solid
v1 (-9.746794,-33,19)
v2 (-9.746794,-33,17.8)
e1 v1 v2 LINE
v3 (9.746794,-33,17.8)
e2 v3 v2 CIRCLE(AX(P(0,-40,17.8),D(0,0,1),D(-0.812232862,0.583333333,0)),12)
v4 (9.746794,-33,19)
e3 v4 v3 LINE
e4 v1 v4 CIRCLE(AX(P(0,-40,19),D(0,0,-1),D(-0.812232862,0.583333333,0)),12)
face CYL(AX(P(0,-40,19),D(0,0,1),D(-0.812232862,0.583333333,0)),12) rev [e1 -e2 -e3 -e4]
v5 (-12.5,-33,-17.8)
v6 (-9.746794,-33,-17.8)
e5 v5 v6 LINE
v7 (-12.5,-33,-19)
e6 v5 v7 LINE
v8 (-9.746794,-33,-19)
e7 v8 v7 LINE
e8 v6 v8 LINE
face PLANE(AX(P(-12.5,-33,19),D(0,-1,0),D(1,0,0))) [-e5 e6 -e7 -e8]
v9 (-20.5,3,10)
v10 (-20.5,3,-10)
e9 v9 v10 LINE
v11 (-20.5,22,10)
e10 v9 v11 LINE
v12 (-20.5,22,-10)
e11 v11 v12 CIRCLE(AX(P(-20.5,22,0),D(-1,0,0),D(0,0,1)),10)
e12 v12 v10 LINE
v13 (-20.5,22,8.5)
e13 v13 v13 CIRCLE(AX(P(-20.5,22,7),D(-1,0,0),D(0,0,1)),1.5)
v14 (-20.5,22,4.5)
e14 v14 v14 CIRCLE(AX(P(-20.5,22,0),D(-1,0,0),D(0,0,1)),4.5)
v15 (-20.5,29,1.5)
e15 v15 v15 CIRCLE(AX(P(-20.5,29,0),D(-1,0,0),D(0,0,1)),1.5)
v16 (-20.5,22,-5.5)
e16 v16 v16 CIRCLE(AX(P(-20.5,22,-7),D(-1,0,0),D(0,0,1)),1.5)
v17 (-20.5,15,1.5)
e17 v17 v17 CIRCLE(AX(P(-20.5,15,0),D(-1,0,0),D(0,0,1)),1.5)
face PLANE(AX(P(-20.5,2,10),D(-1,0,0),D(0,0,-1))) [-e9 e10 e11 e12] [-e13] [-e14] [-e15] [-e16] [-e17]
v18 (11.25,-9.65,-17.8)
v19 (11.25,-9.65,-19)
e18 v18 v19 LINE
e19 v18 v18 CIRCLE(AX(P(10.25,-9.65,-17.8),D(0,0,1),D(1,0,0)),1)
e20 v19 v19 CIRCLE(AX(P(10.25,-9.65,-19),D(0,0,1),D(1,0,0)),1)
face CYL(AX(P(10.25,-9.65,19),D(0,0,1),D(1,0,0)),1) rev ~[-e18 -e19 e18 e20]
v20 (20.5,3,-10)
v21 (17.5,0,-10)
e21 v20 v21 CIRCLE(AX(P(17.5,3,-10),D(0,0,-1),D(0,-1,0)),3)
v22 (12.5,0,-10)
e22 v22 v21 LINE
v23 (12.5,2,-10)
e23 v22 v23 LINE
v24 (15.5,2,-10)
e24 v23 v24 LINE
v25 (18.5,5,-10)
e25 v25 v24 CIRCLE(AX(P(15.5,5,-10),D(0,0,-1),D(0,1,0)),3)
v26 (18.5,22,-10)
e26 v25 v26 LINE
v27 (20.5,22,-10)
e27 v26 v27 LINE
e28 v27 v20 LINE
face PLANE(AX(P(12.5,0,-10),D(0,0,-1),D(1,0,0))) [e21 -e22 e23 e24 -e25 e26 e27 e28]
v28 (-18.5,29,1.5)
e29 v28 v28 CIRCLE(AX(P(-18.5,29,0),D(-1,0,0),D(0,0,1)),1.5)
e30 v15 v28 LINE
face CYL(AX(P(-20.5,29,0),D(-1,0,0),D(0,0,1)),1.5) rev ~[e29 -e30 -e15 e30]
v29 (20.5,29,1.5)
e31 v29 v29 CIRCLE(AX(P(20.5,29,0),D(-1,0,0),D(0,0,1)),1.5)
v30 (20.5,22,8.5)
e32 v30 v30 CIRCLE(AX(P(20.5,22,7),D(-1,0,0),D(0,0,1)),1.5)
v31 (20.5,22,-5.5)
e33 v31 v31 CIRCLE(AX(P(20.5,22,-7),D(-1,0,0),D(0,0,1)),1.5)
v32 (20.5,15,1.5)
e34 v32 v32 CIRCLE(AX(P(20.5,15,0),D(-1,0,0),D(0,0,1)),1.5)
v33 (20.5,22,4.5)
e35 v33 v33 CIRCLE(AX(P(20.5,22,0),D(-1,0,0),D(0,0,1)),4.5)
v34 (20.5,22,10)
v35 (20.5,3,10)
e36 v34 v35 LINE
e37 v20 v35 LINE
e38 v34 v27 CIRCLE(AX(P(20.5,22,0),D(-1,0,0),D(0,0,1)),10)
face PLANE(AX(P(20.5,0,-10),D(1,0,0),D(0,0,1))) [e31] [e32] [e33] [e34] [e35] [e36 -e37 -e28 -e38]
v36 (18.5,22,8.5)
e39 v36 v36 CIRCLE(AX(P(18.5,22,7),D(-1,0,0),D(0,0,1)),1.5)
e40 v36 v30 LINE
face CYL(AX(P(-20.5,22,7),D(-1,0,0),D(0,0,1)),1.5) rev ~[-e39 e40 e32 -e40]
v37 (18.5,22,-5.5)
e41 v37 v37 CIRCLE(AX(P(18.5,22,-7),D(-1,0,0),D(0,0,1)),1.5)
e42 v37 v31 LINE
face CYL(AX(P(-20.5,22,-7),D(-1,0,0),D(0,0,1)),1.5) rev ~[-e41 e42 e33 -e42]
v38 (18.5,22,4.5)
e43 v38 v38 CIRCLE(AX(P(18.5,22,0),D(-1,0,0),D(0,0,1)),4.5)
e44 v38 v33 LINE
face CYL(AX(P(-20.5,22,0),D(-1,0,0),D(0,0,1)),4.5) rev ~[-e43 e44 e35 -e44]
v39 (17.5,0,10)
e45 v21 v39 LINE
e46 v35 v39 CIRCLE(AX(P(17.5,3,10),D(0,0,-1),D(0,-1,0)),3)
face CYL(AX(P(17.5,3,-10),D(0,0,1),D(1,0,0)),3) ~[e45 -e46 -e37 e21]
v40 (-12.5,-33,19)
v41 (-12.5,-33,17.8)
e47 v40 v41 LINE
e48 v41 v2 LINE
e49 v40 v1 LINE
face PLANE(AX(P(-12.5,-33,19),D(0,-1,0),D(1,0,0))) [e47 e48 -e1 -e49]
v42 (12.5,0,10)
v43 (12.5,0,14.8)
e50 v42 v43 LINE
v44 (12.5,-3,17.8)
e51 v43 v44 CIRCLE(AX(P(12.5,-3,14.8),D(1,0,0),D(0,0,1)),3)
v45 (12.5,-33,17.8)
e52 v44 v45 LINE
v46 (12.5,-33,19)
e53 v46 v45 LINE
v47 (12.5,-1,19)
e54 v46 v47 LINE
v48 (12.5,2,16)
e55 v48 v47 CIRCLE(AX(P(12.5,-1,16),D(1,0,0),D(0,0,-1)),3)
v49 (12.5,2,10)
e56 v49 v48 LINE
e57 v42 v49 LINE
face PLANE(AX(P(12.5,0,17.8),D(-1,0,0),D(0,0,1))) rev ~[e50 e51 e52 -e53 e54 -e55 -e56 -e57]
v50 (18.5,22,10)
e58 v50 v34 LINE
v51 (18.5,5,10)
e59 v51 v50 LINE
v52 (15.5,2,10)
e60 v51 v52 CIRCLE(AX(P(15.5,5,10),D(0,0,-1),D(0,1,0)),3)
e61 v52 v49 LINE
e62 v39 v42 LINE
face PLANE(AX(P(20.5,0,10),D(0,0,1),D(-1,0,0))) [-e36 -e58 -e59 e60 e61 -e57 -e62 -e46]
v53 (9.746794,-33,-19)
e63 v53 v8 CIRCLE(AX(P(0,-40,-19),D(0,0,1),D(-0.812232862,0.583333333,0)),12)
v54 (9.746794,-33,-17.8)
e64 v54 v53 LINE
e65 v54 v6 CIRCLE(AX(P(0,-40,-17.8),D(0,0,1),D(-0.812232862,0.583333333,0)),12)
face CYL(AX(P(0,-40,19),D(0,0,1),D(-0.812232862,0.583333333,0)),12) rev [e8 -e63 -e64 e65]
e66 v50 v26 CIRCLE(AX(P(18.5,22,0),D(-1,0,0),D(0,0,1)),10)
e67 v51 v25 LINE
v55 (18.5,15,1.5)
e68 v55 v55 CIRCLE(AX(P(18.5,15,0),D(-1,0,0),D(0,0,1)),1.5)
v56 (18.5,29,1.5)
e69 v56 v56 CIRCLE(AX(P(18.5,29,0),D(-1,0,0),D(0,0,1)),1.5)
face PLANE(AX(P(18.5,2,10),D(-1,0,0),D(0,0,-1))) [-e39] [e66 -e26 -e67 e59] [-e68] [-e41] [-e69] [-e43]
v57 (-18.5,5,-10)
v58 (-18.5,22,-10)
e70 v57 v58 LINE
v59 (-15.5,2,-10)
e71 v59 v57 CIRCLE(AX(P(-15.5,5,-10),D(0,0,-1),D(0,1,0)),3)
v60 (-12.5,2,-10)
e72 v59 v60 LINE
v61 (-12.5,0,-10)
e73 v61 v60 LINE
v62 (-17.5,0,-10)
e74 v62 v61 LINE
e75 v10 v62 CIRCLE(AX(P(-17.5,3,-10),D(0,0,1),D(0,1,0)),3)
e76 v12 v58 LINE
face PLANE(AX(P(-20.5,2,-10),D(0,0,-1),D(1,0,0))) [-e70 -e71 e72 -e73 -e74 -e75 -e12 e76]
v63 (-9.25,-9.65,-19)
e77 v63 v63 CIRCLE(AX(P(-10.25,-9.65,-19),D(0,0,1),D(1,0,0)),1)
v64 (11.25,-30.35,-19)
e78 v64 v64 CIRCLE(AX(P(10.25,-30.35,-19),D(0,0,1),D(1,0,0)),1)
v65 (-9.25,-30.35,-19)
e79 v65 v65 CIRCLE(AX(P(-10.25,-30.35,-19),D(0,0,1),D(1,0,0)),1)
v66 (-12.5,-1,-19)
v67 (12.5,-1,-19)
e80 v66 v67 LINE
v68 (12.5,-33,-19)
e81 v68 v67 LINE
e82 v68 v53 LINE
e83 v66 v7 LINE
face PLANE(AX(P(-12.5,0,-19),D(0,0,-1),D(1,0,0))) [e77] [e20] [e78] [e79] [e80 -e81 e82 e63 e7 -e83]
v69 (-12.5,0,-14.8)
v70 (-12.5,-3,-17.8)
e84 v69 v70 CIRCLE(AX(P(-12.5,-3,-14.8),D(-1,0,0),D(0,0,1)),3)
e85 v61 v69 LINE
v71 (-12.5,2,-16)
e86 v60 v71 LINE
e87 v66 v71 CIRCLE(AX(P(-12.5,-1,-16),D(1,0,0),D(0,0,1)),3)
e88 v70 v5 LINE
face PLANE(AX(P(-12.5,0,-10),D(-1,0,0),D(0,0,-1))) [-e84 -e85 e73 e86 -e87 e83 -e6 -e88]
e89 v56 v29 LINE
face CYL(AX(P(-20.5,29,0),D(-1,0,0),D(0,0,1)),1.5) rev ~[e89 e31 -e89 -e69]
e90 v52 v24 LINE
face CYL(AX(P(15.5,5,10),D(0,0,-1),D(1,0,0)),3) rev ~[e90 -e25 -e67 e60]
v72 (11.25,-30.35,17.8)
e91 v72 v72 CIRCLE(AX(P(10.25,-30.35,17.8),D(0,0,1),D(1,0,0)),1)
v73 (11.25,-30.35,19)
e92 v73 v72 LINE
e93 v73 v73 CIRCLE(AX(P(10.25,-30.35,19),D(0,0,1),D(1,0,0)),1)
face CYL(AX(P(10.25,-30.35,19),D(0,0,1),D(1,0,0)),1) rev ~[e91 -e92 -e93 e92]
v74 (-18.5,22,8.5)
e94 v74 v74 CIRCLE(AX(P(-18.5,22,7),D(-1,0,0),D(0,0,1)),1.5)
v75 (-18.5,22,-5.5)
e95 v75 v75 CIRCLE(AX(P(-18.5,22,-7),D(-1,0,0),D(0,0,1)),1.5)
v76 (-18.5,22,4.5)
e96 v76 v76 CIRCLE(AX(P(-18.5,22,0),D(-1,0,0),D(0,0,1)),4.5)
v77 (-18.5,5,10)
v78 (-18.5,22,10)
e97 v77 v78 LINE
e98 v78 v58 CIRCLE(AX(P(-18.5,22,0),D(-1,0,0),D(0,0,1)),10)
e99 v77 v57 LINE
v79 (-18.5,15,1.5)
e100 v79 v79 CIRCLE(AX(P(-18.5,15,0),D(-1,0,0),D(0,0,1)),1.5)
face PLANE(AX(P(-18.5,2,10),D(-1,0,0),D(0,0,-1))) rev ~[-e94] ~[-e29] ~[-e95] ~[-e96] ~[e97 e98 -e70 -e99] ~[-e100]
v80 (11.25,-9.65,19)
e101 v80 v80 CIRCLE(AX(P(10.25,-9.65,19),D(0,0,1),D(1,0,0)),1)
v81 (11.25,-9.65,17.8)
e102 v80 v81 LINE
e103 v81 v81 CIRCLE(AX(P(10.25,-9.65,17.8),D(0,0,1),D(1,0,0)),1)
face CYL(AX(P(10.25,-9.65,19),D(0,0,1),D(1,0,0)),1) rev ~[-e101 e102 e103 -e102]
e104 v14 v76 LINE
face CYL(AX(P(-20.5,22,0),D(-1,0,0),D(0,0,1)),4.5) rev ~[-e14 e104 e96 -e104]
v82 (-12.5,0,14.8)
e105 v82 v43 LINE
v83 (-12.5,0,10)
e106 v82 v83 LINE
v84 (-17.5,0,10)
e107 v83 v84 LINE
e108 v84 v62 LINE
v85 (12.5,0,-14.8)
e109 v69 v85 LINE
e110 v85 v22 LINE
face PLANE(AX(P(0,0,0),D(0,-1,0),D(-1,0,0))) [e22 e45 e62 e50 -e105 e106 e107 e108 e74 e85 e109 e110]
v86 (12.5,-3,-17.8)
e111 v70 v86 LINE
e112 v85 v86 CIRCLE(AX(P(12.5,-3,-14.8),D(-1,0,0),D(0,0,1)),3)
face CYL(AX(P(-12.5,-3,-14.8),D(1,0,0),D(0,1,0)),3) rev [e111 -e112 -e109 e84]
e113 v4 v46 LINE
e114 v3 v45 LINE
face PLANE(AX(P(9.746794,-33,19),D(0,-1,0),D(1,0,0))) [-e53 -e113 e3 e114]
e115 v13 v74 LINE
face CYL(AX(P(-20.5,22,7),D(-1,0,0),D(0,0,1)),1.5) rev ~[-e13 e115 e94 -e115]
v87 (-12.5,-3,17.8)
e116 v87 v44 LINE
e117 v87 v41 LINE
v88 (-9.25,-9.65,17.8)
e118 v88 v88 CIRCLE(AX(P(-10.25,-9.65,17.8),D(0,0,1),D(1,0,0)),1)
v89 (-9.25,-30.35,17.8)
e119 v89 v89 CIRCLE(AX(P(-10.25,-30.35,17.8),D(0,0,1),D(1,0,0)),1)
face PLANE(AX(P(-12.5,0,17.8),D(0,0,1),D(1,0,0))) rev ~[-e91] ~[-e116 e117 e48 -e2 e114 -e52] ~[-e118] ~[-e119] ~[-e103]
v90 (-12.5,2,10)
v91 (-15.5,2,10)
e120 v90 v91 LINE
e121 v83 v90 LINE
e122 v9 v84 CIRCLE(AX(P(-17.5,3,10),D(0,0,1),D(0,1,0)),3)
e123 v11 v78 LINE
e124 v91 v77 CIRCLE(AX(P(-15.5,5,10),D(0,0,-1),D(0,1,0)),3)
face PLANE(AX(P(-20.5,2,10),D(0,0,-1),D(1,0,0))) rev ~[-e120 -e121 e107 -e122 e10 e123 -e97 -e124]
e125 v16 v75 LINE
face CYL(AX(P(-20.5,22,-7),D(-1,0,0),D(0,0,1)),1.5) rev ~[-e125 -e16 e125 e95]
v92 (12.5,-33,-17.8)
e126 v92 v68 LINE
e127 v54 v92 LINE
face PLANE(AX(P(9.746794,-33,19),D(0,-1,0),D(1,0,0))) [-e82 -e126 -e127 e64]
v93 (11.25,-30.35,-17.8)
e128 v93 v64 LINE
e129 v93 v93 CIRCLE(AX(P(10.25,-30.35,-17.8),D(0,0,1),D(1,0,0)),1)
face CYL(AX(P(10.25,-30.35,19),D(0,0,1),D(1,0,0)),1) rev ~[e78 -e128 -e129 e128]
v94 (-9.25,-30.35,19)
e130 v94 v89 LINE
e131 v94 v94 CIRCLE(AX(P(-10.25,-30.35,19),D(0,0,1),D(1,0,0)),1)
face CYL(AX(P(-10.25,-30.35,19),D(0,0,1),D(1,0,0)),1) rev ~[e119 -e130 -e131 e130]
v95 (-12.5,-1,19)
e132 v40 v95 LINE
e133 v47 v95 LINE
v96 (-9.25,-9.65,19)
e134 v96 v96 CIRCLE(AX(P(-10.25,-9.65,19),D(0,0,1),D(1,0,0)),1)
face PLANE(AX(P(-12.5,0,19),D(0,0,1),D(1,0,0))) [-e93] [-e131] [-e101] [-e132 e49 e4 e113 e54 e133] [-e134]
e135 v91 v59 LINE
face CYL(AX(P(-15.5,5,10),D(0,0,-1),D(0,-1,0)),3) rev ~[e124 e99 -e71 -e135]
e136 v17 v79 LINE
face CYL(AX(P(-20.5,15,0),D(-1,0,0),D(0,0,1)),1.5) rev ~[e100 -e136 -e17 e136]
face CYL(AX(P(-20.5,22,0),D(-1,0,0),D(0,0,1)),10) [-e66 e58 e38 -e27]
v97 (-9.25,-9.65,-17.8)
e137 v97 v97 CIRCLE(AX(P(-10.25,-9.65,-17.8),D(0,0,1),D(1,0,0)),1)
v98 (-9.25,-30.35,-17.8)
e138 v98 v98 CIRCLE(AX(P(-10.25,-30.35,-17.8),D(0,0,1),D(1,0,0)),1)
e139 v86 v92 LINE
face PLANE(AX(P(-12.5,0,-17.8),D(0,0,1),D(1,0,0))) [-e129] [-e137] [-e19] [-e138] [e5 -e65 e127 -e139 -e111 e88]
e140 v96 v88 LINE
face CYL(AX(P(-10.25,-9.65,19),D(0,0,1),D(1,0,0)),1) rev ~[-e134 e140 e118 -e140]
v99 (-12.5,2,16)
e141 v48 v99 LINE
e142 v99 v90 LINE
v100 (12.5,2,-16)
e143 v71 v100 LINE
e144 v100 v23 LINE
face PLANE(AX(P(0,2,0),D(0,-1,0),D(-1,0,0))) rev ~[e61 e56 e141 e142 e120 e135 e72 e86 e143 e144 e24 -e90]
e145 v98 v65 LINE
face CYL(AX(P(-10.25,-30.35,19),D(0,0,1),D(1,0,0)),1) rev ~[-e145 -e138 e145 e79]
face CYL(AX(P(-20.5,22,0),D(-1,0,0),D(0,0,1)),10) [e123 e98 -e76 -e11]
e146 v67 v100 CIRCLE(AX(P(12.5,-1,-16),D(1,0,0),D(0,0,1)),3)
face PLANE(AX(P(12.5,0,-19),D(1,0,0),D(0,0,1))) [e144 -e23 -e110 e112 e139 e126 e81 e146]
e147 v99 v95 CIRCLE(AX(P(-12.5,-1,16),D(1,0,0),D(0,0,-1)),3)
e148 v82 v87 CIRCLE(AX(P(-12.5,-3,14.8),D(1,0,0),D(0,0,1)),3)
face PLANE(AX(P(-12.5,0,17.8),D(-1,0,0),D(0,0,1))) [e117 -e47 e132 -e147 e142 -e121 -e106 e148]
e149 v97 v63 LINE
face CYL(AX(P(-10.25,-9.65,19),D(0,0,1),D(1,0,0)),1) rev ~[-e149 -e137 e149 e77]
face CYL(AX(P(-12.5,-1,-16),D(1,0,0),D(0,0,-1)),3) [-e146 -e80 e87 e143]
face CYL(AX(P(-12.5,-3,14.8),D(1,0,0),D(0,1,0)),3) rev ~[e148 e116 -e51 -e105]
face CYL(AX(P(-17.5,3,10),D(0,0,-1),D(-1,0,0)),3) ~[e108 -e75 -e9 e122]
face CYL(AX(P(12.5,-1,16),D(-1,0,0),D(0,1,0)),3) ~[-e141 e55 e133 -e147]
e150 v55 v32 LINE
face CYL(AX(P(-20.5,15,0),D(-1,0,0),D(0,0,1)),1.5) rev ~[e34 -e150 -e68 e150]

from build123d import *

# Parameters (mm, degrees)
EXTRUDE_1_DEPTH     = 2
SKETCH_2_W          = 2
SKETCH_2_H          = 20
EXTRUDE_2_DEPTH     = 40
FILLET_1_R          = 3
SKETCH_4_W          = 25
SKETCH_4_H          = 1.2
EXTRUDE_3_DEPTH     = 40
FILLET_2_R          = 3
SKETCH_6_R          = 4.5
SKETCH_6_R_2        = 1.5
CUT_EXTRUDE_2_DEPTH = 62.692787261
SKETCH_7_R          = 1
CUT_EXTRUDE_3_DEPTH = 59.857879676


with BuildPart() as part:
    # 草图1 → 凸台-拉伸1 (new body)
    with BuildSketch(Plane(origin=(0, 0, 0), x_dir=(1, 0, 0), z_dir=(0, 1, 0))):
        Polygon((12.5, -10), (12.5, -19), (-12.5, -19), (-12.5, -10), (-20.5, -10), (-20.5, 10), (-12.5, 10), (-12.5, 19), (12.5, 19), (12.5, 10), (20.5, 10), (20.5, -10), align=None)
    extrude(amount=EXTRUDE_1_DEPTH)

    # 草图2 → 凸台-拉伸2 (add)
    with BuildSketch(Plane(origin=(0, 2, 0), x_dir=(1, 0, 0), z_dir=(0, 1, 0))):
        with Locations((-19.5, 0)):
            Rectangle(SKETCH_2_W, SKETCH_2_H)
        with Locations((19.5, 0)):
            Rectangle(SKETCH_2_W, SKETCH_2_H)
    extrude(amount=EXTRUDE_2_DEPTH)

    # 圆角1
    fillet_1_edges = [part.edges().sort_by_distance(p)[0] for p in [
        (-20.5, 0, 0),
        (20.5, 0, 0),
        (-18.5, 2, 0),
        (18.5, 2, 0),
    ]]
    fillet(fillet_1_edges, radius=FILLET_1_R)

    # 草图4 → 凸台-拉伸3 (add)
    with BuildSketch(Plane.XZ):
        with Locations((0, 18.4)):
            Rectangle(SKETCH_4_W, SKETCH_4_H)
        with Locations((0, -18.4)):
            Rectangle(SKETCH_4_W, SKETCH_4_H)
    extrude(amount=EXTRUDE_3_DEPTH)

    # 圆角2
    fillet_2_edges = [part.edges().sort_by_distance(p)[0] for p in [
        (0, 2, -19),
        (0, 2, 19),
        (0, 0, 17.8),
        (0, 0, -17.8),
    ]]
    fillet(fillet_2_edges, radius=FILLET_2_R)

    # 草图6 → 切除-拉伸2 (cut, through all)
    with BuildSketch(Plane.ZY.offset(20.5)):
        with Locations((0, 22)):
            Circle(SKETCH_6_R)
        with Locations((0, 15)):
            Circle(SKETCH_6_R_2)
        with Locations((-7, 22)):
            Circle(SKETCH_6_R_2)
        with Locations((0, 29)):
            Circle(SKETCH_6_R_2)
        with Locations((7, 22)):
            Circle(SKETCH_6_R_2)
        with BuildLine():
            Line((-10, 22), (-10, 42))
            Line((-10, 42), (10, 42))
            Line((10, 42), (10, 22))
            ThreePointArc((10, 22), (0, 32), (-10, 22))
        make_face()
    extrude(amount=-CUT_EXTRUDE_2_DEPTH, mode=Mode.SUBTRACT)

    # 草图7 → 切除-拉伸3 (cut, through all)
    with BuildSketch(Plane.XY.offset(19)):
        with Locations((-10.25, -30.35)):
            Circle(SKETCH_7_R)
        with Locations((-10.25, -9.65)):
            Circle(SKETCH_7_R)
        with Locations((10.25, -9.65)):
            Circle(SKETCH_7_R)
        with Locations((10.25, -30.35)):
            Circle(SKETCH_7_R)
        with BuildLine():
            Line((-12.5, -33), (-9.746794345, -33))
            ThreePointArc((-9.746794345, -33), (0, -28), (9.746794345, -33))
            Line((9.746794345, -33), (12.5, -33))
            Line((12.5, -33), (12.5, -40))
            Line((12.5, -40), (-12.5, -40))
            Line((-12.5, -40), (-12.5, -33))
        make_face()
    extrude(amount=-CUT_EXTRUDE_3_DEPTH, mode=Mode.SUBTRACT)


solid = part.part
